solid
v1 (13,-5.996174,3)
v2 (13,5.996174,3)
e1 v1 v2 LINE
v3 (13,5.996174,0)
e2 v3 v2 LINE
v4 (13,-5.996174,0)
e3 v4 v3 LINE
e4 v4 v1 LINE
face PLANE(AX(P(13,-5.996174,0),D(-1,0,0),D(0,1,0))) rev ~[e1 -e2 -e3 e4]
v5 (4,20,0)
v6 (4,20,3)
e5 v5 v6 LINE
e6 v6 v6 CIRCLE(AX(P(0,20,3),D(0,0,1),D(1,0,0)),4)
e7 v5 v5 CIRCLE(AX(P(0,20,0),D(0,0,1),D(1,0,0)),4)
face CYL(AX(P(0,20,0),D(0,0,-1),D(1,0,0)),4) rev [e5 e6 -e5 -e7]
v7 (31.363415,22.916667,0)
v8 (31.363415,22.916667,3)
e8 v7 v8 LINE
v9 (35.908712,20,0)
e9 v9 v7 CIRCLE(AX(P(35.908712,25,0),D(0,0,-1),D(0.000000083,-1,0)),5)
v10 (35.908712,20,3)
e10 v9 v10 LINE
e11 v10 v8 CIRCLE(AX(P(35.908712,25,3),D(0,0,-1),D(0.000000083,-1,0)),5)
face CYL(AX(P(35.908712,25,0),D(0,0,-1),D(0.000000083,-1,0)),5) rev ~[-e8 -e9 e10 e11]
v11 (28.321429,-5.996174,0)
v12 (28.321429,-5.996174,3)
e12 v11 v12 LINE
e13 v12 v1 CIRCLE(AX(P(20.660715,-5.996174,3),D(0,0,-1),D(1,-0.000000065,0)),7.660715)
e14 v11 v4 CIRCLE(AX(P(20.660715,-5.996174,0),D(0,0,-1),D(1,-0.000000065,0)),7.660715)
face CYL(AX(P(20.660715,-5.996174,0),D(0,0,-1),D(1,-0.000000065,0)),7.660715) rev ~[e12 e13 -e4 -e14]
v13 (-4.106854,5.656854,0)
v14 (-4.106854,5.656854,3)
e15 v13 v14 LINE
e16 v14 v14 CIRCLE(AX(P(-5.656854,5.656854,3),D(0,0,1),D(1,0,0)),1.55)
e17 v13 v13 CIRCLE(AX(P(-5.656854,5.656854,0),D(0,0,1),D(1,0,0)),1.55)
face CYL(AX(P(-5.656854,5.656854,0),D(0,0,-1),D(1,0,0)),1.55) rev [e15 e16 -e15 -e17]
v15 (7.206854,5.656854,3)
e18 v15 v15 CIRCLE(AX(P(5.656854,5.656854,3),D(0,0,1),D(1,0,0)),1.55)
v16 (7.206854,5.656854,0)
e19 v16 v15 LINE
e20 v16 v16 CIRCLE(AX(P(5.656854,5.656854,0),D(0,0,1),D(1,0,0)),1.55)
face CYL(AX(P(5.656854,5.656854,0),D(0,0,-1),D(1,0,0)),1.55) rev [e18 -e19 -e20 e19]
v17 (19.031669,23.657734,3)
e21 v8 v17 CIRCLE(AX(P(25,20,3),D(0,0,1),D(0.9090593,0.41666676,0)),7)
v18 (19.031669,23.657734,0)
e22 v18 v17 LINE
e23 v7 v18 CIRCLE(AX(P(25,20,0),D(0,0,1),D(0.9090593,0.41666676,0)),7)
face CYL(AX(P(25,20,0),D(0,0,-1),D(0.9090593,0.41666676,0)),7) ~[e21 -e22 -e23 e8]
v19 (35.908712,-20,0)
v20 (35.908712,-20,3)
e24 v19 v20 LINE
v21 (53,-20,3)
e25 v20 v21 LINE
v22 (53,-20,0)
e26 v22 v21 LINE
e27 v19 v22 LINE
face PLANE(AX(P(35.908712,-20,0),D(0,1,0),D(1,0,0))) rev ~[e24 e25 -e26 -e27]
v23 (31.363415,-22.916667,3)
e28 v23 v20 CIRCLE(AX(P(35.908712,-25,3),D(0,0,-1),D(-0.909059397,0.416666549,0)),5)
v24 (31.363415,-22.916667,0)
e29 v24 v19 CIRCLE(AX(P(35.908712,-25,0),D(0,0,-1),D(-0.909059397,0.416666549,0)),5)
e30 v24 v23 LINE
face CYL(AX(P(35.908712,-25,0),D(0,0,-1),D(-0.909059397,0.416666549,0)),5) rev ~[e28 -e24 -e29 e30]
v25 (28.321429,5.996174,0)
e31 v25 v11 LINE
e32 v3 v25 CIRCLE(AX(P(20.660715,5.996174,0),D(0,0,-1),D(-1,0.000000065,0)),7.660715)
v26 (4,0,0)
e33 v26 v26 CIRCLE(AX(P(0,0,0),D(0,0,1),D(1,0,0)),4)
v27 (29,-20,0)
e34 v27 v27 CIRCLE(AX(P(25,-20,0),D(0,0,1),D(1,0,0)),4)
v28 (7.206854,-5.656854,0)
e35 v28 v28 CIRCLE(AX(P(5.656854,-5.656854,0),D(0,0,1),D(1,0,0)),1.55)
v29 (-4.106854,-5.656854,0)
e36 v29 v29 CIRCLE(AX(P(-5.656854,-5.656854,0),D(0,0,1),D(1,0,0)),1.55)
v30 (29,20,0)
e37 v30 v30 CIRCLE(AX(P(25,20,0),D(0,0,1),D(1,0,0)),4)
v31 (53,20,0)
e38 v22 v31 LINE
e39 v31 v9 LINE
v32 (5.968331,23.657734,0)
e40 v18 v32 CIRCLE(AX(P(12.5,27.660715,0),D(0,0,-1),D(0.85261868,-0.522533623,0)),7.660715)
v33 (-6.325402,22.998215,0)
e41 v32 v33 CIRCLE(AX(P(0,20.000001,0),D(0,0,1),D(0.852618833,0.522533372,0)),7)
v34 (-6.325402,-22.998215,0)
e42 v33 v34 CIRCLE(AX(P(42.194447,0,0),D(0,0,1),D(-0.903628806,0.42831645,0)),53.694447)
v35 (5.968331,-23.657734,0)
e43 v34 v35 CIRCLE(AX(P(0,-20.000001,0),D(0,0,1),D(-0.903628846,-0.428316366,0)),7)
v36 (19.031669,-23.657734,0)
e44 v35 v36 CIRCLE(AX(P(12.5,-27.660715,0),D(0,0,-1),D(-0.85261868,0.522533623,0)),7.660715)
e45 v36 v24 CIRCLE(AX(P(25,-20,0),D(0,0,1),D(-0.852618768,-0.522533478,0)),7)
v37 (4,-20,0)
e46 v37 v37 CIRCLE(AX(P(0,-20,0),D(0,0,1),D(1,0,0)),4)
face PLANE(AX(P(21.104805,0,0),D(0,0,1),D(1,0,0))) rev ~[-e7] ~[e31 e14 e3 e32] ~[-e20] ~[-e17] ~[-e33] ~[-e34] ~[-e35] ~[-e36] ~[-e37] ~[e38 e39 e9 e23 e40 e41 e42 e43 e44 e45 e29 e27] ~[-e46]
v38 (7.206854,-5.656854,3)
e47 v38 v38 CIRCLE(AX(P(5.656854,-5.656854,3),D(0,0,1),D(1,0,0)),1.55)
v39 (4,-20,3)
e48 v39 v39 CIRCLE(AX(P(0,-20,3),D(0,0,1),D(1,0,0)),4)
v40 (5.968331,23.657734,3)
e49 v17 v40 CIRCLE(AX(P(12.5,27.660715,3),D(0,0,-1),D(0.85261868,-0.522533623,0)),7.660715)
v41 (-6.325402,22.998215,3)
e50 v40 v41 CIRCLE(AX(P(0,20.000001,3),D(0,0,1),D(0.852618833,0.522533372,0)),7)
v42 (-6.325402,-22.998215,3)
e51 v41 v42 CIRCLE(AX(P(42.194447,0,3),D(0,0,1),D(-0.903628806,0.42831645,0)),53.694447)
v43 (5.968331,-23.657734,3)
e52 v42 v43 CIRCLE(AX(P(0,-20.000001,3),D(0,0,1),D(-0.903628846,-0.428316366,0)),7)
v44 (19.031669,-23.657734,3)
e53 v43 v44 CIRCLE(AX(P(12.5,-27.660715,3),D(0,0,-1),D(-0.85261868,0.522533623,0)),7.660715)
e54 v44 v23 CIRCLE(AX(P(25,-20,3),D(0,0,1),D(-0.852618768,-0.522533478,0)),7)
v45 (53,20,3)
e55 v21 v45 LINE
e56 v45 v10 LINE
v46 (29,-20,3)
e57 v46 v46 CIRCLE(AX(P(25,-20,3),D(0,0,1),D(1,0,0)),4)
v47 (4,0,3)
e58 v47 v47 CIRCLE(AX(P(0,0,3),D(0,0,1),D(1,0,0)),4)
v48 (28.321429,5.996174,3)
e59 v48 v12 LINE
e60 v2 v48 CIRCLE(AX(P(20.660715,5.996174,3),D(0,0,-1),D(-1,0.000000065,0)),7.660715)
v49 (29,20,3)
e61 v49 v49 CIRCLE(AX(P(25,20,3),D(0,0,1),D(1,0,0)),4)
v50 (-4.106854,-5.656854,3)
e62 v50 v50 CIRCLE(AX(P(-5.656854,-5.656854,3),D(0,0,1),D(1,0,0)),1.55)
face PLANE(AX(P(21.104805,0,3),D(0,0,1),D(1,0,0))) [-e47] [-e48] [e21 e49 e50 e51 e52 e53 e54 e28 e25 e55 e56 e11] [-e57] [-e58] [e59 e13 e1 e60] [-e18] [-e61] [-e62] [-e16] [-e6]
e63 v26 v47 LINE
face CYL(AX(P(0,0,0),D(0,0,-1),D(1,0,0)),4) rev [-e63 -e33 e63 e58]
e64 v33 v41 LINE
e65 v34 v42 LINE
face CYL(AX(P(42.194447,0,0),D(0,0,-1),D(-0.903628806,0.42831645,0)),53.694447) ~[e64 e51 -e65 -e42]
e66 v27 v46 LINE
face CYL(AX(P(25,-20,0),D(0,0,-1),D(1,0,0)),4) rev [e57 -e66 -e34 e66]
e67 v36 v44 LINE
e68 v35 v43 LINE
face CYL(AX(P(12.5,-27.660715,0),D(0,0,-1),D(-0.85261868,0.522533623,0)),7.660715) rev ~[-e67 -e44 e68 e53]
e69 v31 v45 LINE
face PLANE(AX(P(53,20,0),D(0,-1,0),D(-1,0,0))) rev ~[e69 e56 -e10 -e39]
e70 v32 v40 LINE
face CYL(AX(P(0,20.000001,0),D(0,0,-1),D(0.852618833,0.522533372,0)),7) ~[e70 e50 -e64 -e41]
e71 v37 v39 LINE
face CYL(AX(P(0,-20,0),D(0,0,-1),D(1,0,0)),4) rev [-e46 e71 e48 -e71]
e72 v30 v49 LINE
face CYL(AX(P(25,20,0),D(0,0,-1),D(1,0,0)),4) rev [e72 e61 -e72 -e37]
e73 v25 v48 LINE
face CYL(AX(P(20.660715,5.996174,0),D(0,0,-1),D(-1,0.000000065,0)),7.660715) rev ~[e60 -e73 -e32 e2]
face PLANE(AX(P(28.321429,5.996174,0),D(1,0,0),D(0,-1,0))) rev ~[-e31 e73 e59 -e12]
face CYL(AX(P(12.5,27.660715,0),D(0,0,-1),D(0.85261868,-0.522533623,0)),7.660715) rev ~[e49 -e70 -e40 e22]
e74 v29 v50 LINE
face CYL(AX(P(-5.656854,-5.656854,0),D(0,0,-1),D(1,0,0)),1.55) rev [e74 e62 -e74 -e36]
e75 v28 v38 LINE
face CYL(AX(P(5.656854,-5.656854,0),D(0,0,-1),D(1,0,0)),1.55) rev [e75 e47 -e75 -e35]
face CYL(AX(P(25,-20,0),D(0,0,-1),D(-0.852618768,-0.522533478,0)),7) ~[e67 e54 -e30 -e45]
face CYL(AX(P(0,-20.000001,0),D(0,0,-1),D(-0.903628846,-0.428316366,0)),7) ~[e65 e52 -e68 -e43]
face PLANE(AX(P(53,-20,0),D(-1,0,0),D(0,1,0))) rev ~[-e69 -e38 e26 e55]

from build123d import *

# Parameters (mm, degrees)
F0_R     = 4
F0_R_2   = 1.55
F1_DEPTH = 3


with BuildPart() as f1:
    # F0 (on Top) → F1 (new body)
    with BuildSketch(Plane.XY):
        with BuildLine():
            ThreePointArc((19.031669, 23.657734), (12.5, 20), (5.968331, 23.657734))
            ThreePointArc((5.968331, 23.657734), (-0.374988, 26.989949), (-6.325402, 22.998215))
            ThreePointArc((-6.325402, 22.998215), (-11.5, 0), (-6.325402, -22.998215))
            ThreePointArc((-6.325402, -22.998215), (-0.374988, -26.989949), (5.968331, -23.657734))
            ThreePointArc((5.968331, -23.657734), (12.5, -20), (19.031669, -23.657734))
            ThreePointArc((19.031669, -23.657734), (25.419903, -26.987394), (31.363415, -22.916667))
            ThreePointArc((31.363415, -22.916667), (33.208403, -20.791873), (35.908712, -20))
            Line((35.908712, -20), (53, -20))
            Line((53, -20), (53, 20))
            Line((53, 20), (35.908712, 20))
            ThreePointArc((35.908712, 20), (33.208403, 20.791873), (31.363415, 22.916667))
            ThreePointArc((31.363415, 22.916667), (25.419903, 26.987394), (19.031669, 23.657734))
        make_face()
        with Locations((0, -20)):
            Circle(F0_R, mode=Mode.SUBTRACT)
        with Locations((-5.656854, -5.656854)):
            Circle(F0_R_2, mode=Mode.SUBTRACT)
        with Locations((5.656854, -5.656854)):
            Circle(F0_R_2, mode=Mode.SUBTRACT)
        with Locations((25, -20)):
            Circle(F0_R, mode=Mode.SUBTRACT)
        with Locations((-5.656854, 5.656854)):
            Circle(F0_R_2, mode=Mode.SUBTRACT)
        Circle(F0_R, mode=Mode.SUBTRACT)
        with Locations((5.656854, 5.656854)):
            Circle(F0_R_2, mode=Mode.SUBTRACT)
        with BuildLine():
            ThreePointArc((13, 5.996174), (20.660714, 13.656888), (28.321429, 5.996174))
            Line((28.321429, 5.996174), (28.321429, -5.996174))
            ThreePointArc((28.321429, -5.996174), (20.660714, -13.656888), (13, -5.996174))
            Line((13, -5.996174), (13, 5.996174))
        make_face(mode=Mode.SUBTRACT)
        with Locations((0, 20)):
            Circle(F0_R, mode=Mode.SUBTRACT)
        with Locations((25, 20)):
            Circle(F0_R, mode=Mode.SUBTRACT)
    extrude(amount=F1_DEPTH)


solid = f1.part
